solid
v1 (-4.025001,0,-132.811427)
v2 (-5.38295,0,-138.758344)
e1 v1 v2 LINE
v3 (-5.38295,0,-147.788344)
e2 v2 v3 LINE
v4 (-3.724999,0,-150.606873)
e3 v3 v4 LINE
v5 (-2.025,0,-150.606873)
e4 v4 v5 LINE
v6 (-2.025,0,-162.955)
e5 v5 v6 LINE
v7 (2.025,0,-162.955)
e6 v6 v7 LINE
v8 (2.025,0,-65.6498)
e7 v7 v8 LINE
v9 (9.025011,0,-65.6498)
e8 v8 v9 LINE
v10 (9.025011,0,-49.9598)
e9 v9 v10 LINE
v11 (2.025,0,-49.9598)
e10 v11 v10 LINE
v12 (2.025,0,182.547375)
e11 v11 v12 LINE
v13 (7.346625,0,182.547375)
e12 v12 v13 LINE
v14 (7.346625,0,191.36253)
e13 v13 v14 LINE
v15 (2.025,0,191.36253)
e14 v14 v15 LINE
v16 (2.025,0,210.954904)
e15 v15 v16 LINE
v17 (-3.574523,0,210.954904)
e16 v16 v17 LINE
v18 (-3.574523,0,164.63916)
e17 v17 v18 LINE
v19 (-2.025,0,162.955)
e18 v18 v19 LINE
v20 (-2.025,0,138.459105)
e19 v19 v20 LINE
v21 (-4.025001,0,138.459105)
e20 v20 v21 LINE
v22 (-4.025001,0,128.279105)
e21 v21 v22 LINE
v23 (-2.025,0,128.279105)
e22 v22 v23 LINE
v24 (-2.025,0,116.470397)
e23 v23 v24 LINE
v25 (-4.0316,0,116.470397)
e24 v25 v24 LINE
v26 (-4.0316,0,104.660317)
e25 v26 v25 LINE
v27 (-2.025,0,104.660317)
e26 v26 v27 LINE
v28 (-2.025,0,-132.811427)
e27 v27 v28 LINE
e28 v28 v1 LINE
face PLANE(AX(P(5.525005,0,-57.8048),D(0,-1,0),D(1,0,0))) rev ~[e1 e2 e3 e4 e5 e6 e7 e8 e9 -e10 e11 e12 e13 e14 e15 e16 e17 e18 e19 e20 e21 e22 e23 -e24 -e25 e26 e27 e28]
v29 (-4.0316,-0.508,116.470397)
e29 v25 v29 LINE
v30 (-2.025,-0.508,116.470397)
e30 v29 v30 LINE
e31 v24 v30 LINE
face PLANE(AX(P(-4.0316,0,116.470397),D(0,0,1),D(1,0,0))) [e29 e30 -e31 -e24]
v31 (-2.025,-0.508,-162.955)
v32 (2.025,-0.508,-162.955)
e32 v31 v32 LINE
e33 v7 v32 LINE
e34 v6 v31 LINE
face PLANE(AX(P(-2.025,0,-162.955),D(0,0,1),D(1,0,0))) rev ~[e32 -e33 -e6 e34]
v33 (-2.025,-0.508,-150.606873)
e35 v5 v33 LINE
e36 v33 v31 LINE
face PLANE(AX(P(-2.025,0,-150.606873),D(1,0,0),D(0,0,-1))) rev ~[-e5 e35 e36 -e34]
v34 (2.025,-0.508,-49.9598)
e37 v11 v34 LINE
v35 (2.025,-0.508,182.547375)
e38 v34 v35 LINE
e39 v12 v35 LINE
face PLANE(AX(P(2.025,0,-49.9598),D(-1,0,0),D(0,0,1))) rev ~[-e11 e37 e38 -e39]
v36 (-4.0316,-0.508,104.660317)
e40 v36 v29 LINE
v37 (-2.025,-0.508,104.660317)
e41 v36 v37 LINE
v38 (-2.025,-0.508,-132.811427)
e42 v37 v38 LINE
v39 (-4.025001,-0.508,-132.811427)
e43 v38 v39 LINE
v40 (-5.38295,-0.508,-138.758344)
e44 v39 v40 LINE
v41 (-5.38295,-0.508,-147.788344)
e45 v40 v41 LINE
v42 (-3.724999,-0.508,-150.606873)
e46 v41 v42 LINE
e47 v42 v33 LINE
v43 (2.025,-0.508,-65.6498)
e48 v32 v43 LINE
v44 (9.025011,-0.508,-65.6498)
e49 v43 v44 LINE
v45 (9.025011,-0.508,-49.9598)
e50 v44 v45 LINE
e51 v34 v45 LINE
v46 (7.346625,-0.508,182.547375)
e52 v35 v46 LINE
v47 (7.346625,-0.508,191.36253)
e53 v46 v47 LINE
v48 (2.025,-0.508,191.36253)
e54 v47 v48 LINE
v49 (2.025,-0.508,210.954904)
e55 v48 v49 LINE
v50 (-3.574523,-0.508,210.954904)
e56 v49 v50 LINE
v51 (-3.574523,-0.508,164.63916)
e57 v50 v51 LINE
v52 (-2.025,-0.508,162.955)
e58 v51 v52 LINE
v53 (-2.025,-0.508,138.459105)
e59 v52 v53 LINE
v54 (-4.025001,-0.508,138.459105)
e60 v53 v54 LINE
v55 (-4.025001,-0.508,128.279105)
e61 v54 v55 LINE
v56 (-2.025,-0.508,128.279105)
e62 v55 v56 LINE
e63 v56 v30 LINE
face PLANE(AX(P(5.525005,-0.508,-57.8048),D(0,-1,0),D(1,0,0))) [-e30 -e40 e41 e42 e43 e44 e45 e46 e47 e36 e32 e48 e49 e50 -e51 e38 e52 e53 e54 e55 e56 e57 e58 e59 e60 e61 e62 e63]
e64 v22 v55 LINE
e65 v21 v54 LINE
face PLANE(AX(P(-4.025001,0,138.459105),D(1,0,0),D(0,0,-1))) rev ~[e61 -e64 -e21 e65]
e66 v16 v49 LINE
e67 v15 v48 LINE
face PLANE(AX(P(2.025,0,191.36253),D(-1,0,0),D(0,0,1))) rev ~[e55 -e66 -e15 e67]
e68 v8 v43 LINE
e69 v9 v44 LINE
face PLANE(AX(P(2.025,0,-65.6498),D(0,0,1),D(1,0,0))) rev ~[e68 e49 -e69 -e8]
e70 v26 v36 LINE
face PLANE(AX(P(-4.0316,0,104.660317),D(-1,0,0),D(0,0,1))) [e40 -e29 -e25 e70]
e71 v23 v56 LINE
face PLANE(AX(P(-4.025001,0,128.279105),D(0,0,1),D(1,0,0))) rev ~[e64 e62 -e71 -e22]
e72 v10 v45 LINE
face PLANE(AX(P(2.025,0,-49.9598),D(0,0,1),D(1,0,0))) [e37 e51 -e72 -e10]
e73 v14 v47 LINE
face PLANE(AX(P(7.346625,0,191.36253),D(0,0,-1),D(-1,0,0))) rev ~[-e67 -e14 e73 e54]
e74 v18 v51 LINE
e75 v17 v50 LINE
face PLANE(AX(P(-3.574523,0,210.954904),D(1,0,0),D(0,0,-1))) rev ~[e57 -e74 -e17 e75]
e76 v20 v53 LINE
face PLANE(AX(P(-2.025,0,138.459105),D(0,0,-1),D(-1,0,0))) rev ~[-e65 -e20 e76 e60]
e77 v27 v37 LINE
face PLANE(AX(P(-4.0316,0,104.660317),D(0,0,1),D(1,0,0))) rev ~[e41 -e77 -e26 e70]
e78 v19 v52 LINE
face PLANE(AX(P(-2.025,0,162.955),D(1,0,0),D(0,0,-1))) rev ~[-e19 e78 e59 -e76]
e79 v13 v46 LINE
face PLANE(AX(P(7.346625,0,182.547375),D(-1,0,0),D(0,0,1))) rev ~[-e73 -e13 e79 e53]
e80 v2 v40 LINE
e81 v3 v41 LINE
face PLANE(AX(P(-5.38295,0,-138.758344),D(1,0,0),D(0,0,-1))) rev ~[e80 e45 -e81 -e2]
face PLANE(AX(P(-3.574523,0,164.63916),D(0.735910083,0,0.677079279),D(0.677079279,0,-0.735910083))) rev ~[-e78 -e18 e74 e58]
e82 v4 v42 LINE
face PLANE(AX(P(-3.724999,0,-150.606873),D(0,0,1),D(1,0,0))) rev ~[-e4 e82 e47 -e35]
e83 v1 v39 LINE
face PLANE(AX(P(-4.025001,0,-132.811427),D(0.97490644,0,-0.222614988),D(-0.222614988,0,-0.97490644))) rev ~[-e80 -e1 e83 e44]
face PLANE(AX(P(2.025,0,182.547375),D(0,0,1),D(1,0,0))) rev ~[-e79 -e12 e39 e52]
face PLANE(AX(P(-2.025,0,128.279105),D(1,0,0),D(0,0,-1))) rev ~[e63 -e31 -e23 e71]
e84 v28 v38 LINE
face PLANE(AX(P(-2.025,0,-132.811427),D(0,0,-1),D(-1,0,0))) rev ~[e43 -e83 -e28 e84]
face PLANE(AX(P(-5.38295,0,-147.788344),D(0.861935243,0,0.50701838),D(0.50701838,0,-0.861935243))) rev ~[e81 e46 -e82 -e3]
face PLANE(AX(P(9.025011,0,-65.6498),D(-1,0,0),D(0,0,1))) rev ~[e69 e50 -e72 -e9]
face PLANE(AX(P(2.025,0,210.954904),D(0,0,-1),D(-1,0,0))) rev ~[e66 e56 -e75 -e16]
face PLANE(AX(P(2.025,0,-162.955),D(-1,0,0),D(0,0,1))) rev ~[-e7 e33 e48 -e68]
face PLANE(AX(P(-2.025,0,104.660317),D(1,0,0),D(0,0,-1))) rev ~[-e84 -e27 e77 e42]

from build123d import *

# Parameters (mm, degrees)
F0_W     = 7.0000114
F0_H     = 15.690000116
F0_W_2   = 5.3216247485
F0_H_2   = 8.8151550261
F0_W_3   = 2.0066
F0_H_3   = 11.810079217
F1_DEPTH = 0.508


with BuildPart() as f1:
    # F0 (on Front) → F1 (new body)
    with BuildSketch(Plane.XZ):
        with Locations((5.52500546, -57.8047999446)):
            Rectangle(F0_W, F0_H)
        Polygon((-3.7249989, -150.6068728096), (-2.02499976, -150.6068728096), (-2.02499976, -132.8114265229), (-4.02500084, -132.8114265229), (-5.3829495487, -138.7583439147), (-5.3829495487, -147.7883436347), align=None)
        with Locations((4.6858121343, 186.95495248)):
            Rectangle(F0_W_2, F0_H_2)
        with Locations((-0.6358126143, 186.95495248)):
            Rectangle(F0_W_2, F0_H_2)
        Polygon((-2.02499976, 162.95500048), (2.02499976, 162.95500048), (2.02499976, 182.5473749669), (-3.2966249885, 182.5473749669), (-3.2966249885, 191.3625299931), (2.02499976, 191.3625299931), (2.02499976, 210.95490448), (-3.5745226778, 210.95490448), (-3.5745226778, 164.639160037), align=None)
        Polygon((-2.02499976, -65.6498000026), (2.02499976, -65.6498000026), (2.02499976, -49.9597998866), (2.02499976, 162.95500048), (-2.02499976, 162.95500048), (-2.02499976, 138.4591047888), (-2.02499976, 128.2791048288), (-2.02499976, 116.4703965187), (-2.02499976, 104.6603173018), align=None)
        with Locations((-3.02829976, 110.5653569102)):
            Rectangle(F0_W_3, F0_H_3)
        Polygon((-2.02499976, -162.95500048), (2.02499976, -162.95500048), (2.02499976, -65.6498000026), (-2.02499976, -65.6498000026), (-2.02499976, -132.8114265229), (-2.02499976, -150.6068728096), align=None)
        Polygon((-2.02499976, 128.2791048288), (-2.02499976, 138.4591047888), (-3.5745226778, 138.4591047888), (-4.02500084, 138.4591047888), (-4.02500084, 128.2791048288), align=None)
    extrude(amount=F1_DEPTH)


solid = f1.part
